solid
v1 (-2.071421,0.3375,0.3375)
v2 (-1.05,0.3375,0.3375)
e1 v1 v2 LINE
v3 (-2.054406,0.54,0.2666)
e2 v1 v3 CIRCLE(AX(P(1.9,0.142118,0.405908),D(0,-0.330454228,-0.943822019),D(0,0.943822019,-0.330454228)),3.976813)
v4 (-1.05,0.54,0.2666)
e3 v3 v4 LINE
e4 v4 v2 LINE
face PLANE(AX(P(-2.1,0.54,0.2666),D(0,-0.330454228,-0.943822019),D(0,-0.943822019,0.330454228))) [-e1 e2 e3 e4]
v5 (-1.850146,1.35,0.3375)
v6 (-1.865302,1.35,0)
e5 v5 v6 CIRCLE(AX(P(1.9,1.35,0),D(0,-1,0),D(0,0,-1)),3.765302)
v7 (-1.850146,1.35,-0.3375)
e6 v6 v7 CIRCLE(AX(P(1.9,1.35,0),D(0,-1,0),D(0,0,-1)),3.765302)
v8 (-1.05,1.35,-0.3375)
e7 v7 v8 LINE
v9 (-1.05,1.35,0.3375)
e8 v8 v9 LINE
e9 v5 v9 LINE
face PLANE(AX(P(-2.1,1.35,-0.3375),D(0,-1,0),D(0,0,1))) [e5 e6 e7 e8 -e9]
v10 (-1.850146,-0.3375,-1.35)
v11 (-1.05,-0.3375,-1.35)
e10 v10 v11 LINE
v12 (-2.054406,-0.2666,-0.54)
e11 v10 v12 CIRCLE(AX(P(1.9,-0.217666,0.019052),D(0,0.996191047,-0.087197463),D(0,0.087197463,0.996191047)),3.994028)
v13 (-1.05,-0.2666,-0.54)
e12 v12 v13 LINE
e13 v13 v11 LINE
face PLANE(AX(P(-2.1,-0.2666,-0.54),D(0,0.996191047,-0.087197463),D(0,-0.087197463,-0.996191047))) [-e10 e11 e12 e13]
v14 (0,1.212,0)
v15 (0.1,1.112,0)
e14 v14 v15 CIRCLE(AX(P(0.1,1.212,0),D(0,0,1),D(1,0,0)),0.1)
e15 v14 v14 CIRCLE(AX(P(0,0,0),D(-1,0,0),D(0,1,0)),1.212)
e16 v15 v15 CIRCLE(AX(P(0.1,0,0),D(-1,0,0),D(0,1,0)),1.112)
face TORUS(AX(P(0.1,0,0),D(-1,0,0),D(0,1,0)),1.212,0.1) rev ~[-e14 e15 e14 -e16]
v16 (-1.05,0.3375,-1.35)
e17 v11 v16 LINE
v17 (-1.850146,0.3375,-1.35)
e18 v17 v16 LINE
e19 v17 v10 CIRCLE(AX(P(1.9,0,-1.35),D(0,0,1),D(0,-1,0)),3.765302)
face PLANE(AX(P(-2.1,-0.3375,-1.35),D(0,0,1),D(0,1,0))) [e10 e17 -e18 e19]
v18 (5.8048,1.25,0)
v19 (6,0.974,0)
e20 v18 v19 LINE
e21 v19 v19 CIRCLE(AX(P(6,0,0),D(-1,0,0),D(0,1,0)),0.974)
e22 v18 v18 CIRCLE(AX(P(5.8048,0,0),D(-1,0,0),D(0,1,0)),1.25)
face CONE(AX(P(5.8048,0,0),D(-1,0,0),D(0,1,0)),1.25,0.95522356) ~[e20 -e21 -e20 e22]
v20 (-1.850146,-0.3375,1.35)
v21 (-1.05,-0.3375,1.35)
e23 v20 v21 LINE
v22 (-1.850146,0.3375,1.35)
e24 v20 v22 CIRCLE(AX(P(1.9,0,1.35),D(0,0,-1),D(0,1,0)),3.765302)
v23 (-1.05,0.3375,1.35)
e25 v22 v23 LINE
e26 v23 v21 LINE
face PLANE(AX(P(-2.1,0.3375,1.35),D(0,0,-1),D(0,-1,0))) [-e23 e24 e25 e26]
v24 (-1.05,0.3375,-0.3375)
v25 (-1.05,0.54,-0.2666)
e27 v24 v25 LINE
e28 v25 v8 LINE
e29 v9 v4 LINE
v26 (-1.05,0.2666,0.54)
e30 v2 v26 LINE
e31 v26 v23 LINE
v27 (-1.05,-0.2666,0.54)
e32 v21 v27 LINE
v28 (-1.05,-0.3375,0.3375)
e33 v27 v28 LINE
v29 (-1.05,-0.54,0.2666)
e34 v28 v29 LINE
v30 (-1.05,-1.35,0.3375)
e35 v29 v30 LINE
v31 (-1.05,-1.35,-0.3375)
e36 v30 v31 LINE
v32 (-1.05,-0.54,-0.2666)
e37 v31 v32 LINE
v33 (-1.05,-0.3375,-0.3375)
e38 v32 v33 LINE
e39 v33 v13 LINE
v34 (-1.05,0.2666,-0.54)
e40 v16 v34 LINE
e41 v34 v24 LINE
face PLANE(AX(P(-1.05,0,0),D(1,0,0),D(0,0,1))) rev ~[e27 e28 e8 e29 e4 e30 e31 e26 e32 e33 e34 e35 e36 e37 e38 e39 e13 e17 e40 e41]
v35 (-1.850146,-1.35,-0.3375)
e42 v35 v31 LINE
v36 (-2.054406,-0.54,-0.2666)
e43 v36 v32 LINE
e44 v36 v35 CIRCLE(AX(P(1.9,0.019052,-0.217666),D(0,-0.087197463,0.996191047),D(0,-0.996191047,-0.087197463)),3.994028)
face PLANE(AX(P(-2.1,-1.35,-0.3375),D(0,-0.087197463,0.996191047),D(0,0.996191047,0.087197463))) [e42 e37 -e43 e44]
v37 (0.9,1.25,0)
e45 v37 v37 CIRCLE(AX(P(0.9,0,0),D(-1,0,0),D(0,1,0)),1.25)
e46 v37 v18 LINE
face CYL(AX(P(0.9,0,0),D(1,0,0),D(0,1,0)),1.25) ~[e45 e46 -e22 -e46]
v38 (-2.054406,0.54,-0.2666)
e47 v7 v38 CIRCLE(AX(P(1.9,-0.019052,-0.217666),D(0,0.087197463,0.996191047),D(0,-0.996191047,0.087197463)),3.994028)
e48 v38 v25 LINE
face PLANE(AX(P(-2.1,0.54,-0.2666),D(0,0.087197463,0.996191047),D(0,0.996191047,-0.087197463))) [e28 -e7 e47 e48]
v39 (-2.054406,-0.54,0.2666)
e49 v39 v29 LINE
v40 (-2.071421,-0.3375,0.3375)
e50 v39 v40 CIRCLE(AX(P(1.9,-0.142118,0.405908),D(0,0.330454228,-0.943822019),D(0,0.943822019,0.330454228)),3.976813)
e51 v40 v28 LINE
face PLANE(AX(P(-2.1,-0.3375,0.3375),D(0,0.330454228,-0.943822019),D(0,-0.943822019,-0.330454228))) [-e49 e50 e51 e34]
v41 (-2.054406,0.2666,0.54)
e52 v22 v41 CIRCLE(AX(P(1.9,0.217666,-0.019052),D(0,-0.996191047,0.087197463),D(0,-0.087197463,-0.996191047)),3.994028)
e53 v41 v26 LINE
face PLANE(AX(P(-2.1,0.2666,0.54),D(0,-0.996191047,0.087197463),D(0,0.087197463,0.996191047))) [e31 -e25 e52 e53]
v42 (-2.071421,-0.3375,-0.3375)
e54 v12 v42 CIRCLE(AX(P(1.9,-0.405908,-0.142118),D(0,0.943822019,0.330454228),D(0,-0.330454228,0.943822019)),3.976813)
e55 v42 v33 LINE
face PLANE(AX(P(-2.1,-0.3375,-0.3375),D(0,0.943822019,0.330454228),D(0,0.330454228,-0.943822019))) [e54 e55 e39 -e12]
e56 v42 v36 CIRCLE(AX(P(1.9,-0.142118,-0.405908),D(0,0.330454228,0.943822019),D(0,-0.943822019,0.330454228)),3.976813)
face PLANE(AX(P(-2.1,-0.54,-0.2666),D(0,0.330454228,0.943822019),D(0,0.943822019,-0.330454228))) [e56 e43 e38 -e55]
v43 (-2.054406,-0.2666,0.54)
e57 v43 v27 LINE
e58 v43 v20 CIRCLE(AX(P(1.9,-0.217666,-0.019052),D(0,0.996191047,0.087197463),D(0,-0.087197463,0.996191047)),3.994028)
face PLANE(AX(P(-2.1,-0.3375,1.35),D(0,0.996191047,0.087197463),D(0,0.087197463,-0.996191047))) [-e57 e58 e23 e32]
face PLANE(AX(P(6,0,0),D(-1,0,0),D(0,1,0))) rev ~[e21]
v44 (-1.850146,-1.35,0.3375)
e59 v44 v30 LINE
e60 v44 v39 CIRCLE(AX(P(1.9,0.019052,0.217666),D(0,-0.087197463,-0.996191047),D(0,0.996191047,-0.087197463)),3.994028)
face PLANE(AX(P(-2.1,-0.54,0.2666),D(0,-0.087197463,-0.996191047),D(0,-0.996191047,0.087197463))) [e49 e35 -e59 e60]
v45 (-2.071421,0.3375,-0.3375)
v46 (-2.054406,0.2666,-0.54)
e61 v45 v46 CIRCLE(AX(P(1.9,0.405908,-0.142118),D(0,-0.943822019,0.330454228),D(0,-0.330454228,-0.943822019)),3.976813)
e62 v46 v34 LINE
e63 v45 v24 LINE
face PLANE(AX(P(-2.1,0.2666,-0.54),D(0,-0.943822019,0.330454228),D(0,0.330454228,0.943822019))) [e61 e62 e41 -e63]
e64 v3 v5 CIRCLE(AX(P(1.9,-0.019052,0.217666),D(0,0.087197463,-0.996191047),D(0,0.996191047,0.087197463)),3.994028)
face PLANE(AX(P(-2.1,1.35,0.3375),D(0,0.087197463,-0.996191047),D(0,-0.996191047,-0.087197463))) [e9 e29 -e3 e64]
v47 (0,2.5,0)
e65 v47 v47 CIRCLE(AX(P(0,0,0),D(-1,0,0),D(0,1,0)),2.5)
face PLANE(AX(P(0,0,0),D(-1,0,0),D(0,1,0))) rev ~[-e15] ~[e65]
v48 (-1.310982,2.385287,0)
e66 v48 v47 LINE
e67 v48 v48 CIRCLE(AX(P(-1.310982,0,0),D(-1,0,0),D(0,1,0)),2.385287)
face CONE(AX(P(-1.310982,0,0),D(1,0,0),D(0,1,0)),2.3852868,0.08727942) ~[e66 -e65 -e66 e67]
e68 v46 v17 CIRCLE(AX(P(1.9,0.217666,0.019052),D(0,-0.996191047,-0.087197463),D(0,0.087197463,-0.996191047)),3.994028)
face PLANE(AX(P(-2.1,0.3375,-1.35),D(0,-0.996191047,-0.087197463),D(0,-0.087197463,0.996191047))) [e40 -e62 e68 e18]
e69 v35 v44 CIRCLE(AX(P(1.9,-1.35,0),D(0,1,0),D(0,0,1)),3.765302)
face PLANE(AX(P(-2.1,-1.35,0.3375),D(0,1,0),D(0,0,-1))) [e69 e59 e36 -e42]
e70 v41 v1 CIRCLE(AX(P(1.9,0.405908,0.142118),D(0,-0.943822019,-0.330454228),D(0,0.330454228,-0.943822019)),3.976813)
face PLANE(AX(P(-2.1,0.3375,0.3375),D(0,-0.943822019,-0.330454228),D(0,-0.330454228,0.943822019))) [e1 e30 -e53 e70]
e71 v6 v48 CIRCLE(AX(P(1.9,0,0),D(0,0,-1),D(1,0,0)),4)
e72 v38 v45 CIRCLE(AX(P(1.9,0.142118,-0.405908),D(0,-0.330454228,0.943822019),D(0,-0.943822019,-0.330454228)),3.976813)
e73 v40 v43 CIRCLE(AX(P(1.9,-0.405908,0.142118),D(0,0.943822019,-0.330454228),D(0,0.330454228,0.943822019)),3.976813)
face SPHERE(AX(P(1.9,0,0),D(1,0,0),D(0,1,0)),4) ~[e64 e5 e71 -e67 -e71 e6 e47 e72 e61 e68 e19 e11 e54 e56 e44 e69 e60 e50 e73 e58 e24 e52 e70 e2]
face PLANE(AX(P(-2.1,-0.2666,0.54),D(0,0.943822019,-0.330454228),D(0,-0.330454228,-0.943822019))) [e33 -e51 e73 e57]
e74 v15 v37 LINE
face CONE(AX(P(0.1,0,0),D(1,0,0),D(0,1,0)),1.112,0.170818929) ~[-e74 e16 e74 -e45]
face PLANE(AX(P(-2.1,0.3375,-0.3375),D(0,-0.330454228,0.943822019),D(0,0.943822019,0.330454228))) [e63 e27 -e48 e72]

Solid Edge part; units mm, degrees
sketch "Sketch1" plane through (0, 0, 0) normal (0, 0, 1) x (1, 0, 0)
  arc A0 (-2.1, 0) -> (-1.311, 2.3853) centre (1.9, 0) cw
  line L0 (-1.311, 2.3853) -> (0, 2.5)
  line L1 (0, 2.5) -> (0, 1.212)
  arc A1 (0, 1.212) -> (0.1, 1.112) centre (0.1, 1.212) ccw
  line L2 (0.1, 1.112) -> (0.9, 1.25)
  line L3 (0.9, 1.25) -> (5.8048, 1.25)
  line L4 (5.8048, 1.25) -> (6, 0.974)
  line L5 (6, 0.974) -> (6, 0)
  line L6 (6, 0) -> (-2.1, 0)
revolve "RevolvedProtrusion1" add sketch "Sketch1" angle 360 about axis through (6, 0, 0) along (-1, 0, 0)
sketch "Sketch2" plane through (-2.1, 0, 0) normal (1, 0, 0) x (0, 1, 0)
  line L0 (0.3375, 1.35) -> (-0.3375, 1.35)
  line L1 (-0.3375, 1.35) -> (-0.2666, 0.54)
  line L2 (-0.2666, 0.54) -> (-0.3375, 0.3375)
  line L3 (-0.3375, 0.3375) -> (-0.54, 0.2666)
  line L4 (-0.54, 0.2666) -> (-1.35, 0.3375)
  line L5 (-1.35, 0.3375) -> (-1.35, -0.3375)
  line L6 (-1.35, -0.3375) -> (-0.54, -0.2666)
  line L7 (-0.54, -0.2666) -> (-0.3375, -0.3375)
  line L8 (-0.3375, -0.3375) -> (-0.2666, -0.54)
  line L9 (-0.2666, -0.54) -> (-0.3375, -1.35)
  line L10 (-0.3375, -1.35) -> (0.3375, -1.35)
  line L11 (0.3375, -1.35) -> (0.2666, -0.54)
  line L12 (0.2666, -0.54) -> (0.3375, -0.3375)
  line L13 (0.3375, -0.3375) -> (0.54, -0.2666)
  line L14 (0.54, -0.2666) -> (1.35, -0.3375)
  line L15 (1.35, -0.3375) -> (1.35, 0.3375)
  line L16 (1.35, 0.3375) -> (0.54, 0.2666)
  line L17 (0.54, 0.2666) -> (0.3375, 0.3375)
  line L18 (0.3375, 0.3375) -> (0.2666, 0.54)
  line L19 (0.2666, 0.54) -> (0.3375, 1.35)
extrude "ExtrudedCutout_1" cut sketch "Sketch2" along normal blind 1.05
properties part number "SFS FN 405 146084 Flachkopfschraube ISO 7045 Stahl 4.8 verzinkt blau M2.5x6-H"
